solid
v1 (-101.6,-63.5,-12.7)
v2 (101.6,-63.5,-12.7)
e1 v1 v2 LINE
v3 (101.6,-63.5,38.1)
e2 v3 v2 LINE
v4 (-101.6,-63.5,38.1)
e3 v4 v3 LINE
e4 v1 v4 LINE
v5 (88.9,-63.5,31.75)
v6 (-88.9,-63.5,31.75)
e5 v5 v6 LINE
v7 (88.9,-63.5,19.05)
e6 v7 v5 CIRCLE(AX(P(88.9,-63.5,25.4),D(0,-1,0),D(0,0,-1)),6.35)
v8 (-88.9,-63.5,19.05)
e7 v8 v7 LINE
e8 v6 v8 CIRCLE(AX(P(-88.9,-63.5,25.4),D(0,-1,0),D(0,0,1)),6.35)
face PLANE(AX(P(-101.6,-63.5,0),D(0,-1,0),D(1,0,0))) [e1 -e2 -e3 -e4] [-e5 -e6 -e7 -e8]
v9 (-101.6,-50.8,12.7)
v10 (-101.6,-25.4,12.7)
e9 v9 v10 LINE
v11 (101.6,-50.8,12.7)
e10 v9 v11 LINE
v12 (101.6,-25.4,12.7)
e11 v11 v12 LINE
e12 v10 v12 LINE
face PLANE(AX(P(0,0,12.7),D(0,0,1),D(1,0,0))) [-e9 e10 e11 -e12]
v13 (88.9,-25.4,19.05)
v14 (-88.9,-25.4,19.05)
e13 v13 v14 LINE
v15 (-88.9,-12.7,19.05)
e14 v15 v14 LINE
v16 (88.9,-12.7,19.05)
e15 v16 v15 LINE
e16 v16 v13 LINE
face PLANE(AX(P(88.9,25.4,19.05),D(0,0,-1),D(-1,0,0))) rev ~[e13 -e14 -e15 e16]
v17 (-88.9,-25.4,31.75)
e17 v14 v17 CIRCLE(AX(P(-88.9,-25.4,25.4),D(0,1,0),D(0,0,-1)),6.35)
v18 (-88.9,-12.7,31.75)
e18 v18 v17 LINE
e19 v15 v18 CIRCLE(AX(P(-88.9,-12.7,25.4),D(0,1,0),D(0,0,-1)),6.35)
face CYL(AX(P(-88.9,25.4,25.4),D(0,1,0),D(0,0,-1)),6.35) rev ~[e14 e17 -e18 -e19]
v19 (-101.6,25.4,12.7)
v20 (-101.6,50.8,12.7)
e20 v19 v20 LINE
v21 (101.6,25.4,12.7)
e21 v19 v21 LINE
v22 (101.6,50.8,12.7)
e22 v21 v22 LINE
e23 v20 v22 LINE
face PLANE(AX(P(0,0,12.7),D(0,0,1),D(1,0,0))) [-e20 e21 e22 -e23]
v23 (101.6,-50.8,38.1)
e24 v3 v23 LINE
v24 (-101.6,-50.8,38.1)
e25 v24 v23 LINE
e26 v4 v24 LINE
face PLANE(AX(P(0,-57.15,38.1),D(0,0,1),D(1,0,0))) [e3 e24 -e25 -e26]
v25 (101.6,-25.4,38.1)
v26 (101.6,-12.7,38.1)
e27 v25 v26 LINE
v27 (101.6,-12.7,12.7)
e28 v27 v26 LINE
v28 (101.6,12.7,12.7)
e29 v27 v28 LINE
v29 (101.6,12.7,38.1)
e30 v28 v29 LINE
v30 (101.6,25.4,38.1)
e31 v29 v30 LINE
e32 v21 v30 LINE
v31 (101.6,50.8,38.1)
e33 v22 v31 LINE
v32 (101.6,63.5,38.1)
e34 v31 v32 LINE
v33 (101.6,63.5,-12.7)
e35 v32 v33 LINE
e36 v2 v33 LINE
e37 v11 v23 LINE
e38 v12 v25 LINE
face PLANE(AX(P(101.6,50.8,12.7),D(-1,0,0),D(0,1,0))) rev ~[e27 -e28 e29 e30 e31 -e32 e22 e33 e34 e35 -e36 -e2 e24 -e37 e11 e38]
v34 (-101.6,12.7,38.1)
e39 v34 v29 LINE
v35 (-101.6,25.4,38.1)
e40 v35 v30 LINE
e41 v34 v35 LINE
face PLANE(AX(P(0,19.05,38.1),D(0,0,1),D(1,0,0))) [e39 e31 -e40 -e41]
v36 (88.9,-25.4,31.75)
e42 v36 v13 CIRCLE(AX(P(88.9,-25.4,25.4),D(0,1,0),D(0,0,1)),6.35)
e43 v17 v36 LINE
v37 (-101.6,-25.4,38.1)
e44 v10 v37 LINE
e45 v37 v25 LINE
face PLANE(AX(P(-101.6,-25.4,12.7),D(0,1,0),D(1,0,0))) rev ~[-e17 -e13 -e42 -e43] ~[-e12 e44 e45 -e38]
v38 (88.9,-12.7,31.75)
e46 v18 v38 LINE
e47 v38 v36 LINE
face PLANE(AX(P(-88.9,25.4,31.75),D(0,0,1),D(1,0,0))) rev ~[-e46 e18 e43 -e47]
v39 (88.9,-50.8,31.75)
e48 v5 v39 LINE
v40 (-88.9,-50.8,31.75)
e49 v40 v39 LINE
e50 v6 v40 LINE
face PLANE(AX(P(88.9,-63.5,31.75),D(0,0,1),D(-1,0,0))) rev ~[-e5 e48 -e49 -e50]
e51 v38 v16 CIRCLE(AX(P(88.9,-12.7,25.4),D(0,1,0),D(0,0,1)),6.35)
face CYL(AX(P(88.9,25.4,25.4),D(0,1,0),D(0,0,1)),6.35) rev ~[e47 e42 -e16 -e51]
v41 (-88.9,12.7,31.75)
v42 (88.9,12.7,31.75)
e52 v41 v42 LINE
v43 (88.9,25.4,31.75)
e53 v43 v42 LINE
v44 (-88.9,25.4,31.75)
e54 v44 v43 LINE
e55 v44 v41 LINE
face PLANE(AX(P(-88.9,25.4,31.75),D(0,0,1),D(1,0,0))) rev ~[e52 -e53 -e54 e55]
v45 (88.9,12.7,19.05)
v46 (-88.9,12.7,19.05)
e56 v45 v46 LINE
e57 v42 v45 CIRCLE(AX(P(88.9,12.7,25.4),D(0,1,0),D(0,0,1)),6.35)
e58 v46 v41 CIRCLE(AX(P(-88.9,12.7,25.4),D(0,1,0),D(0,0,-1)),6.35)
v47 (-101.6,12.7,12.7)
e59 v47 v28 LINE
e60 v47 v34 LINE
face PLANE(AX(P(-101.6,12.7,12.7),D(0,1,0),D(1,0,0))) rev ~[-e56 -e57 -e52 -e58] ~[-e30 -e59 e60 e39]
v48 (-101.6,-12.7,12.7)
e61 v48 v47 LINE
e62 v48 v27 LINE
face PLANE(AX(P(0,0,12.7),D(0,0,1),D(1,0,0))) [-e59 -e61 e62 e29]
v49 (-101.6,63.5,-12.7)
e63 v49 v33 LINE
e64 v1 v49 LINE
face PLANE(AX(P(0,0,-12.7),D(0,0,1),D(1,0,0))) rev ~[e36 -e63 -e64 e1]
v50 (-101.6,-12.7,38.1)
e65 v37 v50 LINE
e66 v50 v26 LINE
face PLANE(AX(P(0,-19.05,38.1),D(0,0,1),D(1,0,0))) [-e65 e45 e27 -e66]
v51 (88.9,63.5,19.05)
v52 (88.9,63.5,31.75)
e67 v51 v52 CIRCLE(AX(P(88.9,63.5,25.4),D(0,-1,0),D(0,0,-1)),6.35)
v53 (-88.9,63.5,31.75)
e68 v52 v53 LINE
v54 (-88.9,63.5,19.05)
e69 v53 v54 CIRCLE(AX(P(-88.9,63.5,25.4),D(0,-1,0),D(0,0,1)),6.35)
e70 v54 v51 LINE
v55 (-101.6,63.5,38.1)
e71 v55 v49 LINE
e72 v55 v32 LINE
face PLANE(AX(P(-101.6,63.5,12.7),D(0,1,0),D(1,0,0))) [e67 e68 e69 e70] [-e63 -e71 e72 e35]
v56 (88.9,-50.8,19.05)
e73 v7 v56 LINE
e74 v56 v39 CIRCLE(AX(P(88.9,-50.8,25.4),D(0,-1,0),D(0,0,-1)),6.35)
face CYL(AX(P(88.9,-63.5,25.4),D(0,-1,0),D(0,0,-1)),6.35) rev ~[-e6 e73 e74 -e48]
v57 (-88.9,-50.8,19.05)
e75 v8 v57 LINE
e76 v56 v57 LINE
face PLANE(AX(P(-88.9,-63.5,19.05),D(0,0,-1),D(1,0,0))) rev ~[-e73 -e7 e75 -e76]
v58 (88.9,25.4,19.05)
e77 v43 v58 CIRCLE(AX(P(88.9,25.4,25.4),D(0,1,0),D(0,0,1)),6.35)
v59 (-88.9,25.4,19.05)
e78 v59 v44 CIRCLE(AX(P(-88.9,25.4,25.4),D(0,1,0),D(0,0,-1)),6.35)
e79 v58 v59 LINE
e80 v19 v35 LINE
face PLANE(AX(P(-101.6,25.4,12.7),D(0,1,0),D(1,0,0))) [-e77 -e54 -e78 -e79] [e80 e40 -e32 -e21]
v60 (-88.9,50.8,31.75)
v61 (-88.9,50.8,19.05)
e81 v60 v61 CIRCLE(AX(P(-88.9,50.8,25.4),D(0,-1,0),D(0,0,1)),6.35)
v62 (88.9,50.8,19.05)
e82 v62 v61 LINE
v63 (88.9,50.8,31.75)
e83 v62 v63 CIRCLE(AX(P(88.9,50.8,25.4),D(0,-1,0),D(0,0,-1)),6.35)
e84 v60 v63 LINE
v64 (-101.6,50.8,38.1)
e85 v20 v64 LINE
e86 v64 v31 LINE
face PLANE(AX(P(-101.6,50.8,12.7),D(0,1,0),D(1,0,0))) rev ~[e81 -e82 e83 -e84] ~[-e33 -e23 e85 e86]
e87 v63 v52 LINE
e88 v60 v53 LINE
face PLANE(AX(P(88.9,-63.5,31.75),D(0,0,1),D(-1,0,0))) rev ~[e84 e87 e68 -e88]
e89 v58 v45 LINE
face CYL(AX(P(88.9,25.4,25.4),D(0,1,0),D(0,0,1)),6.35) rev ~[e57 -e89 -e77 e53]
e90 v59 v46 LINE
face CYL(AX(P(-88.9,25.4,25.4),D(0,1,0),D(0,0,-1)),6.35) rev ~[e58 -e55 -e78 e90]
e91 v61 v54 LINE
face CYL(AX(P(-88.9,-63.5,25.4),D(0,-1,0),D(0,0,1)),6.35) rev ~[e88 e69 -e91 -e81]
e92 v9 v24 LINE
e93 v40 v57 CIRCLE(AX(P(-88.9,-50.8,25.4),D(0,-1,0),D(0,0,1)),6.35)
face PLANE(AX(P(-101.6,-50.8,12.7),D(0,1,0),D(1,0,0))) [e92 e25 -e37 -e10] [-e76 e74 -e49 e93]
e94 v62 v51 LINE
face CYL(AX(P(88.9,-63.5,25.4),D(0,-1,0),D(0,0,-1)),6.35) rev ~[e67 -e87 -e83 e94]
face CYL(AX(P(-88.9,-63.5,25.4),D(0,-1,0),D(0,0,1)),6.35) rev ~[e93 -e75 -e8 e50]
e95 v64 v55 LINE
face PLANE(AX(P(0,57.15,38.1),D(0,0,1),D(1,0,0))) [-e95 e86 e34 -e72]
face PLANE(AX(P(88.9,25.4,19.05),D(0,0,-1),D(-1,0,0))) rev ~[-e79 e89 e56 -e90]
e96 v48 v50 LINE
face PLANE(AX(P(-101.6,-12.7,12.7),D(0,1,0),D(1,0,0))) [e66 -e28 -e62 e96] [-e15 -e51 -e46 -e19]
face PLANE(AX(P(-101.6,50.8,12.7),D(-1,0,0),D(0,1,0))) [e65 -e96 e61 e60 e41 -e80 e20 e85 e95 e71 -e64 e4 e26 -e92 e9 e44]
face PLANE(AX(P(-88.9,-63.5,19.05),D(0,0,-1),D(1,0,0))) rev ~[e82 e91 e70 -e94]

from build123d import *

# Parameters (mm, degrees)
F0_W     = 203.2
F0_H     = 127
F1_DEPTH = 12.7
F2_W     = 203.2
F2_H     = 12.7
F3_DEPTH = 25.4
F5_DEPTH = 127
F6_W     = 203.2
F6_H     = 12.7
F7_DEPTH = 25.4
F9_DEPTH = 50.8


with BuildPart() as f1:
    # F0 (on Top) → F1 (new body, symmetric)
    with BuildSketch(Plane.XY):
        Rectangle(F0_W, F0_H)
    extrude(amount=F1_DEPTH, both=True)

    # F2 (on face) → F3 (join)
    with BuildSketch(Plane.XY.offset(12.7)):
        with Locations((0, 57.15)):
            Rectangle(F2_W, F2_H)
        with Locations((0, -57.15)):
            Rectangle(F2_W, F2_H)
    extrude(amount=F3_DEPTH)

    # F4 (on face) → F5 (cut)
    with BuildSketch(Plane.XZ.offset(63.5)):
        with BuildLine():
            Line((-88.9, 19.05), (88.9, 19.05))
            ThreePointArc((88.9, 19.05), (95.25, 25.4), (88.9, 31.75))
            Line((88.9, 31.75), (-88.9, 31.75))
            ThreePointArc((-88.9, 31.75), (-95.25, 25.4), (-88.9, 19.05))
        make_face()
    extrude(amount=-F5_DEPTH, mode=Mode.SUBTRACT)

    # F6 (on face) → F7 (join)
    with BuildSketch(Plane.XY.offset(12.7)):
        with Locations((0, 19.05)):
            Rectangle(F6_W, F6_H)
        with Locations((0, -19.05)):
            Rectangle(F6_W, F6_H)
    extrude(amount=F7_DEPTH)

    # F8 (on face) → F9 (cut)
    with BuildSketch(Plane(origin=(0, 25.4, 0), x_dir=(-1, 0, 0), z_dir=(0, 1, 0))):
        with BuildLine():
            Line((88.9, 31.75), (-88.9, 31.75))
            ThreePointArc((-88.9, 31.75), (-95.25, 25.4), (-88.9, 19.05))
            Line((-88.9, 19.05), (88.9, 19.05))
            ThreePointArc((88.9, 19.05), (95.25, 25.4), (88.9, 31.75))
        make_face()
    extrude(amount=-F9_DEPTH, mode=Mode.SUBTRACT)


solid = f1.part
